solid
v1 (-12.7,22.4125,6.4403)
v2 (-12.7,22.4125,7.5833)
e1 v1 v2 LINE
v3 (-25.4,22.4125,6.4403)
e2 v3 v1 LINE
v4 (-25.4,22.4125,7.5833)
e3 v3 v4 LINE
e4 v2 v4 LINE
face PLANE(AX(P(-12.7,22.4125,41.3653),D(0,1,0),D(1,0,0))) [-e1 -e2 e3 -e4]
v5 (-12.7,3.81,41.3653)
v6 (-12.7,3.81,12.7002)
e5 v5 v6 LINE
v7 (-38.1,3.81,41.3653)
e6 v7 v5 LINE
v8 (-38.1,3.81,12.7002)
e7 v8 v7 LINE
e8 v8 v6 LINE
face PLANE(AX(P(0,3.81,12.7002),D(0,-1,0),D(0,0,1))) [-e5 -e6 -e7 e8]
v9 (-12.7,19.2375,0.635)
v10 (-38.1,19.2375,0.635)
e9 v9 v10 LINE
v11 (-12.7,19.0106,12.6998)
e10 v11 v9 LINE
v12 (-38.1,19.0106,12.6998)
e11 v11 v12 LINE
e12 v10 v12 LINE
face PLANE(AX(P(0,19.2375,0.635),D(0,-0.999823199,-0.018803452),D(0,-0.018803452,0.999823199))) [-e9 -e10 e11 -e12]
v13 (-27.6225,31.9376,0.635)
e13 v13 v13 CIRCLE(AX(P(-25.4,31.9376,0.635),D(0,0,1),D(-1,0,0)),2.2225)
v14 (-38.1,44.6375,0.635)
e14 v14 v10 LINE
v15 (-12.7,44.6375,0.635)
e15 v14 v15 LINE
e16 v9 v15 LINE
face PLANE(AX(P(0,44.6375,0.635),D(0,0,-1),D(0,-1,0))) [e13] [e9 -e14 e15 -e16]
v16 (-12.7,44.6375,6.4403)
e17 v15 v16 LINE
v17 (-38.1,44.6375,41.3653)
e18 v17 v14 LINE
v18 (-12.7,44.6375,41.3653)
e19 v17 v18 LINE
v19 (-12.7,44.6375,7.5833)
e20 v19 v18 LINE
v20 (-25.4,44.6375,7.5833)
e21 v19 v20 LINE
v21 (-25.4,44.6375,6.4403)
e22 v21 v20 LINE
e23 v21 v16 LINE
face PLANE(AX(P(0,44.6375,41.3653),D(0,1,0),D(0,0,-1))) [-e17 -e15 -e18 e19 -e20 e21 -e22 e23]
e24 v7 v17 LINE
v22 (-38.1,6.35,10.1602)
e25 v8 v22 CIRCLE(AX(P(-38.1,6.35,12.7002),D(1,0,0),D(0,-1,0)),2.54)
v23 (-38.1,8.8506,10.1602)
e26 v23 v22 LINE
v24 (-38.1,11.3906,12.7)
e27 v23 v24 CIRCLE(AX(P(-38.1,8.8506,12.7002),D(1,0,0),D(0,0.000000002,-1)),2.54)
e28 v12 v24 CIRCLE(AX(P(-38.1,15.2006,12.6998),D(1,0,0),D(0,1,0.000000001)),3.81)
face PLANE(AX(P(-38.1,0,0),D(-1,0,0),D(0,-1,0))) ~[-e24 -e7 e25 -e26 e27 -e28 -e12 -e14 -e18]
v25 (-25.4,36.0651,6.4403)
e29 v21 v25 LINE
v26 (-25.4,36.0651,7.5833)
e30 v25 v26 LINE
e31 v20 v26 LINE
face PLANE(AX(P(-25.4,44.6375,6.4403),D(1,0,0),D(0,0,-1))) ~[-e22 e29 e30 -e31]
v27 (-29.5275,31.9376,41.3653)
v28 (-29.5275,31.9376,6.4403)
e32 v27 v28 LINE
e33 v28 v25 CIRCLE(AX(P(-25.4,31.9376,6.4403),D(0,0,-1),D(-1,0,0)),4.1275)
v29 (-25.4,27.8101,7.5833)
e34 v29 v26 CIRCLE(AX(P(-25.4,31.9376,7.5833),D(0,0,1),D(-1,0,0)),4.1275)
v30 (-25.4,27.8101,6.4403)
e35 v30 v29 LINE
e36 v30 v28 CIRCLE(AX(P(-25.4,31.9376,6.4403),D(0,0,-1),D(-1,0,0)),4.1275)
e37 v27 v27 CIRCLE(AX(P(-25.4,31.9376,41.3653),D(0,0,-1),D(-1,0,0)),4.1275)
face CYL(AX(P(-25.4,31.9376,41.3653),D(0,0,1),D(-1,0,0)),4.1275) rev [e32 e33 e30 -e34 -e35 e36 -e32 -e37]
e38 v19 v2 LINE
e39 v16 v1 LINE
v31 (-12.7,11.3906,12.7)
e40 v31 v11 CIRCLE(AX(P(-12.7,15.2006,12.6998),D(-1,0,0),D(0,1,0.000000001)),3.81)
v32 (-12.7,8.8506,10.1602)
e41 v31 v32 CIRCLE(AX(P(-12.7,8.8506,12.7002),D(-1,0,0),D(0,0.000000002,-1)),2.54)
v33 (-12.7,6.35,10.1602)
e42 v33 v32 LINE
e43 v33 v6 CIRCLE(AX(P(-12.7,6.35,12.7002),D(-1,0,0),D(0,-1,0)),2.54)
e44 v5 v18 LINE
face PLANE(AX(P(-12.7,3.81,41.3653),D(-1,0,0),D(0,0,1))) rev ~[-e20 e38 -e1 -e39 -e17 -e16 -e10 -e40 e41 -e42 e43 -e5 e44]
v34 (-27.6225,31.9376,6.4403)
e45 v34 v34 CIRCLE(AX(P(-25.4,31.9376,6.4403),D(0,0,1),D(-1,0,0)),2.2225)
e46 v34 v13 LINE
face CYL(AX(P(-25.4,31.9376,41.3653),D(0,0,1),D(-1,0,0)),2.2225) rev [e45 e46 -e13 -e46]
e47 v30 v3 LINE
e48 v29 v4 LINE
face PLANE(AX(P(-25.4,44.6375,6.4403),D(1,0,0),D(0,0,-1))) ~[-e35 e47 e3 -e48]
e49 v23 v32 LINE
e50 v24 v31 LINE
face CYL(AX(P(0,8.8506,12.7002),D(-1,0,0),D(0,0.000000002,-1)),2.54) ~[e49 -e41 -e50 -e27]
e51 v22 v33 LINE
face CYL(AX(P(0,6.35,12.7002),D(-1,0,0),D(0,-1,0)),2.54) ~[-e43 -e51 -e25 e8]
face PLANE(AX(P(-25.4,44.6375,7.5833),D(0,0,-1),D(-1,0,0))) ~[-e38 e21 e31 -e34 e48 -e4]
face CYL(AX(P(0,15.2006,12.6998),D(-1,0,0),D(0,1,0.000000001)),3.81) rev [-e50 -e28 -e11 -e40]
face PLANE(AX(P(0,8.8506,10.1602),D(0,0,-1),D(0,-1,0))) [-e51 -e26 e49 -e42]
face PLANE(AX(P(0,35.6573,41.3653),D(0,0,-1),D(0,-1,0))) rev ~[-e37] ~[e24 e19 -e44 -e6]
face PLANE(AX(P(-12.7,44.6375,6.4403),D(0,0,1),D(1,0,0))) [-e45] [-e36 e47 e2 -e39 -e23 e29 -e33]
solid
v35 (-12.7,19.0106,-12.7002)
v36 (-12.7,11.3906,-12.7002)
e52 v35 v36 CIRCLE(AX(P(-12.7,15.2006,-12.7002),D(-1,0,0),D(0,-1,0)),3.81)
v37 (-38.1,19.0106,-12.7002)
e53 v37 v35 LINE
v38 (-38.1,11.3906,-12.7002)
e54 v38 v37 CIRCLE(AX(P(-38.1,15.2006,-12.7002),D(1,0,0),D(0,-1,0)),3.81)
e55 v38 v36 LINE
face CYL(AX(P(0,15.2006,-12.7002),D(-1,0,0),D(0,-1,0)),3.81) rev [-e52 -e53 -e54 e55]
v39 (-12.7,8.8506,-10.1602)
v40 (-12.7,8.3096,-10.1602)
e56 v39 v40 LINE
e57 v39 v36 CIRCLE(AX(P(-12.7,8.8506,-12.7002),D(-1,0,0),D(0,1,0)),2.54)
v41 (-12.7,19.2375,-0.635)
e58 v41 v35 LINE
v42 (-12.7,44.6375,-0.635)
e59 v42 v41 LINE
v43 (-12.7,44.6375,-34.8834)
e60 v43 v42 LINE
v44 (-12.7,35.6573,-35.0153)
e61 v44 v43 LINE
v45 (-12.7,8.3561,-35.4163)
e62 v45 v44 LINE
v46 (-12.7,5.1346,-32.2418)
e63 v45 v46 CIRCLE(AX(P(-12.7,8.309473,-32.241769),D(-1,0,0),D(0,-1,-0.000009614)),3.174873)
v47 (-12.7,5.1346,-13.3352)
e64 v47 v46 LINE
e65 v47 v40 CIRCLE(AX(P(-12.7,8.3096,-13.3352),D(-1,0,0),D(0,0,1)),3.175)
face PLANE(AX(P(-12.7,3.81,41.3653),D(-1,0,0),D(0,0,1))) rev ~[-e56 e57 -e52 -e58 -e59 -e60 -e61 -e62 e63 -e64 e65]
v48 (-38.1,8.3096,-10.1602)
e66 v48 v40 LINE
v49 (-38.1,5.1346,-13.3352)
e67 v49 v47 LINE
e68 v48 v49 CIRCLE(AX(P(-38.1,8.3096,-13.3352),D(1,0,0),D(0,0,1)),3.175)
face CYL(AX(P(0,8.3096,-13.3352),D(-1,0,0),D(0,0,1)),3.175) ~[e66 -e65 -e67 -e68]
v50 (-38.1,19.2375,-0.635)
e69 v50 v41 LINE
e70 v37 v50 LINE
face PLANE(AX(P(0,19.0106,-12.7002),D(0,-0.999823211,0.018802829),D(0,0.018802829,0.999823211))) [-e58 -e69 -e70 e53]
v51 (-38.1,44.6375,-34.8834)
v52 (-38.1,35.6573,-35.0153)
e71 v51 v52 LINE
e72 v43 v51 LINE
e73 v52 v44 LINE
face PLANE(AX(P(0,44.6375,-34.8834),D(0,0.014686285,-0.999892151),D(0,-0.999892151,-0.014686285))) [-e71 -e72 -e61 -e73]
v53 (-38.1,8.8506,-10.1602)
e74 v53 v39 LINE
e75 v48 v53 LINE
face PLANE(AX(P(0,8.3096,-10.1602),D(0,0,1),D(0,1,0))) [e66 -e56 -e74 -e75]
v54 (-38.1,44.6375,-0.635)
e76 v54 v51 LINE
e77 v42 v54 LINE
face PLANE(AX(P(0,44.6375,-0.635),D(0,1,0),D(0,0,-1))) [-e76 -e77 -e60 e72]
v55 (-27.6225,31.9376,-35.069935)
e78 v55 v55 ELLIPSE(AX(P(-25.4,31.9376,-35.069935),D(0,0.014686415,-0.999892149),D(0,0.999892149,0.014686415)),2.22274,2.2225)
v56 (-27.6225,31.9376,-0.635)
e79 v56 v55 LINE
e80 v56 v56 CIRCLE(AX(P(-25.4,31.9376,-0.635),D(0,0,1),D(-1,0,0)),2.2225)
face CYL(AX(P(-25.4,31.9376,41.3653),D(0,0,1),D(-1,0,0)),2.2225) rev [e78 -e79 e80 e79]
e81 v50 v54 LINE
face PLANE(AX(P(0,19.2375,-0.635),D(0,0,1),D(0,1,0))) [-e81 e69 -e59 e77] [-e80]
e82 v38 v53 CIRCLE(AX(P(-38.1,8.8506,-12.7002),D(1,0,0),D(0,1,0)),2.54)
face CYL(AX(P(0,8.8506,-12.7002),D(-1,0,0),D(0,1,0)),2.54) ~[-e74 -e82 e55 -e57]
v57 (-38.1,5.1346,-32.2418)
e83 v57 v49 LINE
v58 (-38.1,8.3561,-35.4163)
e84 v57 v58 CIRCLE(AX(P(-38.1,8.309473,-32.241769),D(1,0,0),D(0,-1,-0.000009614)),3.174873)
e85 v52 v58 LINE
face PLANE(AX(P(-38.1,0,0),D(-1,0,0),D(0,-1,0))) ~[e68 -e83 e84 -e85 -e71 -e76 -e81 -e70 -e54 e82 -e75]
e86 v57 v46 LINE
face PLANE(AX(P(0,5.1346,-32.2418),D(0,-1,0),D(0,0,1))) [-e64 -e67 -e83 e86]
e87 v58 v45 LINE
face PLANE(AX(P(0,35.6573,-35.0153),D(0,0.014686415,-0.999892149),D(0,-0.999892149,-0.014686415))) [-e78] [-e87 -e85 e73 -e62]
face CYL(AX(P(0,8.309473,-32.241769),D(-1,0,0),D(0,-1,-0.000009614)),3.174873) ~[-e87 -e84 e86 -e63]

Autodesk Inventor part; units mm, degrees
sketch "Sketch1" plane through (0, 0, 0) normal (1, 0, 0) x (0, 1, 0)
  line L0 (-3.175, -15.8752) -> (-3.175, 15.8752)
  arc A0 (18.3756, 12.6998) -> (12.0256, 12.7) centre (15.2006, 12.6998) ccw
  arc A1 (12.0256, -12.7002) -> (18.3756, -12.7002) centre (15.2006, -12.7002) ccw
  line L1 (8.8506, 9.5252) -> (6.35, 9.5252)
  line L2 (8.8506, -9.5252) -> (5.1346, -9.5252)
  line L3 (15.2006, 12.6998) -> (15.2006, -12.7002) construction
  line L4 (3.175, 14.6052) -> (3.175, 12.7002)
  arc A2 (8.8506, 9.5252) -> (12.0256, 12.7) centre (8.8506, 12.7002) ccw
  arc A3 (12.0256, -12.7002) -> (8.8506, -9.5252) centre (8.8506, -12.7002) ccw
  arc A4 (3.175, 12.7002) -> (6.35, 9.5252) centre (6.35, 12.7002) ccw
  arc A5 (5.1346, -9.5252) -> (1.9937, -12.2364) centre (5.1346, -12.7002) ccw
  line L5 (-3.175, -15.8752) -> (-3.175, -22.2252)
  line L6 (1.905, 15.8752) -> (-3.175, 15.8752)
  arc A6 (3.175, 14.6052) -> (1.905, 15.8752) centre (1.905, 14.6052) ccw
  line L7 (18.3756, 12.6998) -> (18.3756, -12.7002)
  line L8 (1.6475, -13.2791) -> (-3.175, -22.2252)
  arc A7 (1.6475, -13.2791) -> (1.9937, -12.2364) centre (-1.1473, -11.7726) ccw
  line L9 (44.6375, 0.635) -> (19.2375, 0.635)
  line L10 (19.2375, 0.635) -> (19.2375, -0.635) construction
  line L11 (19.2375, -0.635) -> (44.6375, -0.635)
  line L12 (44.6375, -0.635) -> (44.6375, 0.635) construction
  line L13 (44.6375, 0.635) -> (19.2375, -0.635) construction
  line L14 (19.2375, 0.635) -> (44.6375, -0.635) construction
  line L15 (-13.1873, 0) -> (54.275, 0) projected
  line L16 (44.6375, -0.635) -> (44.6375, -26.035)
  line L17 (35.6573, -35.0153) -> (8.3561, -35.4163)
  line L18 (5.1346, -32.2418) -> (5.1346, -13.3352)
  line L19 (44.6375, 0.635) -> (44.6375, 32.385)
  line L20 (35.6573, 41.3653) -> (3.81, 41.3653)
  arc A8 (5.1346, -32.2418) -> (8.3561, -35.4163) centre (8.3094, -32.2418) ccw
  arc A9 (8.8506, 10.1602) -> (11.3906, 12.7) centre (8.8506, 12.7002) ccw
  line L21 (8.8506, 10.1602) -> (6.35, 10.1602)
  arc A10 (3.81, 12.7002) -> (6.35, 10.1602) centre (6.35, 12.7002) ccw
  line L22 (3.81, 12.7002) -> (3.81, 41.3653)
  line L23 (8.3096, -10.1602) -> (8.8506, -10.1602)
  arc A11 (11.3906, -12.7002) -> (8.8506, -10.1602) centre (8.8506, -12.7002) ccw
  arc A12 (11.3906, -12.7002) -> (19.0106, -12.7002) centre (15.2006, -12.7002) ccw
  arc A13 (19.0106, 12.6998) -> (11.3906, 12.7) centre (15.2006, 12.6998) ccw
  line L24 (-3.5499, 0) -> (-3.5499, -1.7744)
  line L25 (19.0106, -12.7002) -> (19.2375, -0.635)
  line L26 (19.2375, 0.635) -> (19.0106, 12.6998)
  arc A14 (8.3096, -10.1602) -> (5.1346, -13.3352) centre (8.3096, -13.3352) ccw
  line L27 (-3.175, -22.2252) -> (1.6475, -22.2252)
  line L28 (35.6573, 41.3653) -> (44.6375, 41.3653)
  line L29 (44.6375, 41.3653) -> (44.6375, 32.385)
  line L30 (44.6375, -26.035) -> (44.6375, -34.8834)
  line L31 (44.6375, -34.8834) -> (35.6573, -35.0153)
  point P0 (0, 0)
  point P1 (15.2516, 9.5252)
  point P2 (15.2006, -9.5252)
  point P3 (1.9596, -12.7002)
  point P4 (31.9375, 0)
  point P5 (31.9375, 0)
  dimension "d5" = 6.35
  dimension "d8" = 3.175
  dimension "d9" = 6.35
  dimension "d11" = 6.35
  dimension "d12" = 6.35
  dimension "d13" = 1.27
  dimension "d30" = 25.4
  dimension "d31" = 3.175
  dimension "d51" = 1.27
  dimension "d54" = 25.4
  dimension "d56" = 25.4
  dimension "d59" = 31.75
  dimension "d60" = 0.635
  dimension "d61" = 3.175
extrude "Extrusion8" add sketch "Sketch1" along normal mid plane 25.4 contours L9 L26 A13 A9 L21 A10 L22 L20 L28 L29 L19 | L11 L16 L30 L31 L17 A8 L18 A14 L23 A11 A12 L25
ref_plane "Work Plane12" through (-12.7, 35.6573, 41.3653) normal (0, 0, 1) x (1, 0, 0)
sketch "Sketch9" plane through (-12.7, 35.6573, 41.3653) normal (0, 0, 1) x (1, 0, 0)
  line L0 (0, -16.4197) -> (25.4, -16.4197) projected
  line L1 (25.4, 8.9803) -> (25.4, -16.4197) projected
  line L2 (25.4, 8.9803) -> (0, 8.9803) projected
  line L3 (0, -16.4197) -> (0, 8.9803) projected
  circle A0 centre (12.7, -3.7197) radius 2.2225
  point P0 (12.7, -35.6573)
  dimension "d68" = 4.445
extrude "Extrusion10" cut sketch "Sketch9" against normal through all contours A0
ref_plane "Work Plane13" through (-12.7, 35.6573, 41.3653) normal (0, 0, 1) x (1, 0, 0)
sketch "Sketch10" plane through (-12.7, 35.6573, 41.3653) normal (0, 0, 1) x (1, 0, 0)
  circle A0 centre (12.7, -3.7197) radius 2.2225 projected
  circle A1 centre (12.7, -3.7197) radius 4.1275
  point P0 (12.7, -35.6573)
  dimension "d71" = 8.255
extrude "Extrusion11" cut sketch "Sketch10" against normal blind 34.925
sketch "Sketch11" plane through (12.7, 35.6573, -35.0153) normal (0, 0.0147, -0.9999) x (-1, 0, 0)
  ellipse E0 centre (12.7, -3.7201) end of major axis (12.7, -1.4974) minor radius 2.2225 projected
  circle A0 centre (12.7, -3.7201) radius 6.35
  point P0 (12.7, -35.1392)
  dimension "d74" = 12.7
extrude "Extrusion12" cut sketch "Sketch11" against normal blind 28.575 contours E0 | A0
sketch "Sketch12" plane through (-12.7, 44.6375, 41.3653) normal (0, 1, 0) x (1, 0, 0)
  line L0 (0, 28.6651) -> (0, 0) projected
  line L1 (12.7, 33.782) -> (0, 33.782)
  line L2 (0, 33.782) -> (0, 34.925)
  line L3 (0, 34.925) -> (12.7, 34.925)
  line L4 (12.7, 34.925) -> (12.7, 33.782)
  line L5 (25.4, 0) -> (0, 0) projected
  line L6 (25.4, 40.7303) -> (25.4, 0) projected
  point P0 (12.7, 41.3653)
  dimension "d87" = 12.7
  dimension "d88" = 1.143
  dimension "d89" = 34.925
extrude "Extrusion15" cut sketch "Sketch12" against normal blind 22.225
mirror "Mirror2" about plane through (-12.7, 26.1957, -18.7652) normal (-1, 0, 0) of "Extrusion8", "Extrusion10", "Extrusion11", "Extrusion15"
ref_plane "Work Plane14" through (-12.7, 3.81, 41.3653) normal (-1, 0, 0) x (0, 0, 1)
sketch "Sketch13" plane through (-12.7, 3.81, 41.3653) normal (-1, 0, 0) x (0, 0, 1)
  line L0 (-94.6271, -9.8298) -> (11.8966, -9.8298)
  line L1 (11.8966, -9.8298) -> (11.8966, 53.0983)
  line L2 (11.8966, 53.0983) -> (-94.6271, 53.0983)
  line L3 (-94.6271, 53.0983) -> (-94.6271, -9.8298)
  line L4 (-94.6271, -9.8298) -> (11.8966, 53.0983) construction
  line L5 (11.8966, -9.8298) -> (-94.6271, 53.0983) construction
  point P0 (-41.3653, -3.81)
  point P1 (-41.3653, 21.6342)
extrude "Extrusion16" cut sketch "Sketch13" against normal through all
properties part number "Cup Holder Bracket" material "Acetal Resin, Black"
